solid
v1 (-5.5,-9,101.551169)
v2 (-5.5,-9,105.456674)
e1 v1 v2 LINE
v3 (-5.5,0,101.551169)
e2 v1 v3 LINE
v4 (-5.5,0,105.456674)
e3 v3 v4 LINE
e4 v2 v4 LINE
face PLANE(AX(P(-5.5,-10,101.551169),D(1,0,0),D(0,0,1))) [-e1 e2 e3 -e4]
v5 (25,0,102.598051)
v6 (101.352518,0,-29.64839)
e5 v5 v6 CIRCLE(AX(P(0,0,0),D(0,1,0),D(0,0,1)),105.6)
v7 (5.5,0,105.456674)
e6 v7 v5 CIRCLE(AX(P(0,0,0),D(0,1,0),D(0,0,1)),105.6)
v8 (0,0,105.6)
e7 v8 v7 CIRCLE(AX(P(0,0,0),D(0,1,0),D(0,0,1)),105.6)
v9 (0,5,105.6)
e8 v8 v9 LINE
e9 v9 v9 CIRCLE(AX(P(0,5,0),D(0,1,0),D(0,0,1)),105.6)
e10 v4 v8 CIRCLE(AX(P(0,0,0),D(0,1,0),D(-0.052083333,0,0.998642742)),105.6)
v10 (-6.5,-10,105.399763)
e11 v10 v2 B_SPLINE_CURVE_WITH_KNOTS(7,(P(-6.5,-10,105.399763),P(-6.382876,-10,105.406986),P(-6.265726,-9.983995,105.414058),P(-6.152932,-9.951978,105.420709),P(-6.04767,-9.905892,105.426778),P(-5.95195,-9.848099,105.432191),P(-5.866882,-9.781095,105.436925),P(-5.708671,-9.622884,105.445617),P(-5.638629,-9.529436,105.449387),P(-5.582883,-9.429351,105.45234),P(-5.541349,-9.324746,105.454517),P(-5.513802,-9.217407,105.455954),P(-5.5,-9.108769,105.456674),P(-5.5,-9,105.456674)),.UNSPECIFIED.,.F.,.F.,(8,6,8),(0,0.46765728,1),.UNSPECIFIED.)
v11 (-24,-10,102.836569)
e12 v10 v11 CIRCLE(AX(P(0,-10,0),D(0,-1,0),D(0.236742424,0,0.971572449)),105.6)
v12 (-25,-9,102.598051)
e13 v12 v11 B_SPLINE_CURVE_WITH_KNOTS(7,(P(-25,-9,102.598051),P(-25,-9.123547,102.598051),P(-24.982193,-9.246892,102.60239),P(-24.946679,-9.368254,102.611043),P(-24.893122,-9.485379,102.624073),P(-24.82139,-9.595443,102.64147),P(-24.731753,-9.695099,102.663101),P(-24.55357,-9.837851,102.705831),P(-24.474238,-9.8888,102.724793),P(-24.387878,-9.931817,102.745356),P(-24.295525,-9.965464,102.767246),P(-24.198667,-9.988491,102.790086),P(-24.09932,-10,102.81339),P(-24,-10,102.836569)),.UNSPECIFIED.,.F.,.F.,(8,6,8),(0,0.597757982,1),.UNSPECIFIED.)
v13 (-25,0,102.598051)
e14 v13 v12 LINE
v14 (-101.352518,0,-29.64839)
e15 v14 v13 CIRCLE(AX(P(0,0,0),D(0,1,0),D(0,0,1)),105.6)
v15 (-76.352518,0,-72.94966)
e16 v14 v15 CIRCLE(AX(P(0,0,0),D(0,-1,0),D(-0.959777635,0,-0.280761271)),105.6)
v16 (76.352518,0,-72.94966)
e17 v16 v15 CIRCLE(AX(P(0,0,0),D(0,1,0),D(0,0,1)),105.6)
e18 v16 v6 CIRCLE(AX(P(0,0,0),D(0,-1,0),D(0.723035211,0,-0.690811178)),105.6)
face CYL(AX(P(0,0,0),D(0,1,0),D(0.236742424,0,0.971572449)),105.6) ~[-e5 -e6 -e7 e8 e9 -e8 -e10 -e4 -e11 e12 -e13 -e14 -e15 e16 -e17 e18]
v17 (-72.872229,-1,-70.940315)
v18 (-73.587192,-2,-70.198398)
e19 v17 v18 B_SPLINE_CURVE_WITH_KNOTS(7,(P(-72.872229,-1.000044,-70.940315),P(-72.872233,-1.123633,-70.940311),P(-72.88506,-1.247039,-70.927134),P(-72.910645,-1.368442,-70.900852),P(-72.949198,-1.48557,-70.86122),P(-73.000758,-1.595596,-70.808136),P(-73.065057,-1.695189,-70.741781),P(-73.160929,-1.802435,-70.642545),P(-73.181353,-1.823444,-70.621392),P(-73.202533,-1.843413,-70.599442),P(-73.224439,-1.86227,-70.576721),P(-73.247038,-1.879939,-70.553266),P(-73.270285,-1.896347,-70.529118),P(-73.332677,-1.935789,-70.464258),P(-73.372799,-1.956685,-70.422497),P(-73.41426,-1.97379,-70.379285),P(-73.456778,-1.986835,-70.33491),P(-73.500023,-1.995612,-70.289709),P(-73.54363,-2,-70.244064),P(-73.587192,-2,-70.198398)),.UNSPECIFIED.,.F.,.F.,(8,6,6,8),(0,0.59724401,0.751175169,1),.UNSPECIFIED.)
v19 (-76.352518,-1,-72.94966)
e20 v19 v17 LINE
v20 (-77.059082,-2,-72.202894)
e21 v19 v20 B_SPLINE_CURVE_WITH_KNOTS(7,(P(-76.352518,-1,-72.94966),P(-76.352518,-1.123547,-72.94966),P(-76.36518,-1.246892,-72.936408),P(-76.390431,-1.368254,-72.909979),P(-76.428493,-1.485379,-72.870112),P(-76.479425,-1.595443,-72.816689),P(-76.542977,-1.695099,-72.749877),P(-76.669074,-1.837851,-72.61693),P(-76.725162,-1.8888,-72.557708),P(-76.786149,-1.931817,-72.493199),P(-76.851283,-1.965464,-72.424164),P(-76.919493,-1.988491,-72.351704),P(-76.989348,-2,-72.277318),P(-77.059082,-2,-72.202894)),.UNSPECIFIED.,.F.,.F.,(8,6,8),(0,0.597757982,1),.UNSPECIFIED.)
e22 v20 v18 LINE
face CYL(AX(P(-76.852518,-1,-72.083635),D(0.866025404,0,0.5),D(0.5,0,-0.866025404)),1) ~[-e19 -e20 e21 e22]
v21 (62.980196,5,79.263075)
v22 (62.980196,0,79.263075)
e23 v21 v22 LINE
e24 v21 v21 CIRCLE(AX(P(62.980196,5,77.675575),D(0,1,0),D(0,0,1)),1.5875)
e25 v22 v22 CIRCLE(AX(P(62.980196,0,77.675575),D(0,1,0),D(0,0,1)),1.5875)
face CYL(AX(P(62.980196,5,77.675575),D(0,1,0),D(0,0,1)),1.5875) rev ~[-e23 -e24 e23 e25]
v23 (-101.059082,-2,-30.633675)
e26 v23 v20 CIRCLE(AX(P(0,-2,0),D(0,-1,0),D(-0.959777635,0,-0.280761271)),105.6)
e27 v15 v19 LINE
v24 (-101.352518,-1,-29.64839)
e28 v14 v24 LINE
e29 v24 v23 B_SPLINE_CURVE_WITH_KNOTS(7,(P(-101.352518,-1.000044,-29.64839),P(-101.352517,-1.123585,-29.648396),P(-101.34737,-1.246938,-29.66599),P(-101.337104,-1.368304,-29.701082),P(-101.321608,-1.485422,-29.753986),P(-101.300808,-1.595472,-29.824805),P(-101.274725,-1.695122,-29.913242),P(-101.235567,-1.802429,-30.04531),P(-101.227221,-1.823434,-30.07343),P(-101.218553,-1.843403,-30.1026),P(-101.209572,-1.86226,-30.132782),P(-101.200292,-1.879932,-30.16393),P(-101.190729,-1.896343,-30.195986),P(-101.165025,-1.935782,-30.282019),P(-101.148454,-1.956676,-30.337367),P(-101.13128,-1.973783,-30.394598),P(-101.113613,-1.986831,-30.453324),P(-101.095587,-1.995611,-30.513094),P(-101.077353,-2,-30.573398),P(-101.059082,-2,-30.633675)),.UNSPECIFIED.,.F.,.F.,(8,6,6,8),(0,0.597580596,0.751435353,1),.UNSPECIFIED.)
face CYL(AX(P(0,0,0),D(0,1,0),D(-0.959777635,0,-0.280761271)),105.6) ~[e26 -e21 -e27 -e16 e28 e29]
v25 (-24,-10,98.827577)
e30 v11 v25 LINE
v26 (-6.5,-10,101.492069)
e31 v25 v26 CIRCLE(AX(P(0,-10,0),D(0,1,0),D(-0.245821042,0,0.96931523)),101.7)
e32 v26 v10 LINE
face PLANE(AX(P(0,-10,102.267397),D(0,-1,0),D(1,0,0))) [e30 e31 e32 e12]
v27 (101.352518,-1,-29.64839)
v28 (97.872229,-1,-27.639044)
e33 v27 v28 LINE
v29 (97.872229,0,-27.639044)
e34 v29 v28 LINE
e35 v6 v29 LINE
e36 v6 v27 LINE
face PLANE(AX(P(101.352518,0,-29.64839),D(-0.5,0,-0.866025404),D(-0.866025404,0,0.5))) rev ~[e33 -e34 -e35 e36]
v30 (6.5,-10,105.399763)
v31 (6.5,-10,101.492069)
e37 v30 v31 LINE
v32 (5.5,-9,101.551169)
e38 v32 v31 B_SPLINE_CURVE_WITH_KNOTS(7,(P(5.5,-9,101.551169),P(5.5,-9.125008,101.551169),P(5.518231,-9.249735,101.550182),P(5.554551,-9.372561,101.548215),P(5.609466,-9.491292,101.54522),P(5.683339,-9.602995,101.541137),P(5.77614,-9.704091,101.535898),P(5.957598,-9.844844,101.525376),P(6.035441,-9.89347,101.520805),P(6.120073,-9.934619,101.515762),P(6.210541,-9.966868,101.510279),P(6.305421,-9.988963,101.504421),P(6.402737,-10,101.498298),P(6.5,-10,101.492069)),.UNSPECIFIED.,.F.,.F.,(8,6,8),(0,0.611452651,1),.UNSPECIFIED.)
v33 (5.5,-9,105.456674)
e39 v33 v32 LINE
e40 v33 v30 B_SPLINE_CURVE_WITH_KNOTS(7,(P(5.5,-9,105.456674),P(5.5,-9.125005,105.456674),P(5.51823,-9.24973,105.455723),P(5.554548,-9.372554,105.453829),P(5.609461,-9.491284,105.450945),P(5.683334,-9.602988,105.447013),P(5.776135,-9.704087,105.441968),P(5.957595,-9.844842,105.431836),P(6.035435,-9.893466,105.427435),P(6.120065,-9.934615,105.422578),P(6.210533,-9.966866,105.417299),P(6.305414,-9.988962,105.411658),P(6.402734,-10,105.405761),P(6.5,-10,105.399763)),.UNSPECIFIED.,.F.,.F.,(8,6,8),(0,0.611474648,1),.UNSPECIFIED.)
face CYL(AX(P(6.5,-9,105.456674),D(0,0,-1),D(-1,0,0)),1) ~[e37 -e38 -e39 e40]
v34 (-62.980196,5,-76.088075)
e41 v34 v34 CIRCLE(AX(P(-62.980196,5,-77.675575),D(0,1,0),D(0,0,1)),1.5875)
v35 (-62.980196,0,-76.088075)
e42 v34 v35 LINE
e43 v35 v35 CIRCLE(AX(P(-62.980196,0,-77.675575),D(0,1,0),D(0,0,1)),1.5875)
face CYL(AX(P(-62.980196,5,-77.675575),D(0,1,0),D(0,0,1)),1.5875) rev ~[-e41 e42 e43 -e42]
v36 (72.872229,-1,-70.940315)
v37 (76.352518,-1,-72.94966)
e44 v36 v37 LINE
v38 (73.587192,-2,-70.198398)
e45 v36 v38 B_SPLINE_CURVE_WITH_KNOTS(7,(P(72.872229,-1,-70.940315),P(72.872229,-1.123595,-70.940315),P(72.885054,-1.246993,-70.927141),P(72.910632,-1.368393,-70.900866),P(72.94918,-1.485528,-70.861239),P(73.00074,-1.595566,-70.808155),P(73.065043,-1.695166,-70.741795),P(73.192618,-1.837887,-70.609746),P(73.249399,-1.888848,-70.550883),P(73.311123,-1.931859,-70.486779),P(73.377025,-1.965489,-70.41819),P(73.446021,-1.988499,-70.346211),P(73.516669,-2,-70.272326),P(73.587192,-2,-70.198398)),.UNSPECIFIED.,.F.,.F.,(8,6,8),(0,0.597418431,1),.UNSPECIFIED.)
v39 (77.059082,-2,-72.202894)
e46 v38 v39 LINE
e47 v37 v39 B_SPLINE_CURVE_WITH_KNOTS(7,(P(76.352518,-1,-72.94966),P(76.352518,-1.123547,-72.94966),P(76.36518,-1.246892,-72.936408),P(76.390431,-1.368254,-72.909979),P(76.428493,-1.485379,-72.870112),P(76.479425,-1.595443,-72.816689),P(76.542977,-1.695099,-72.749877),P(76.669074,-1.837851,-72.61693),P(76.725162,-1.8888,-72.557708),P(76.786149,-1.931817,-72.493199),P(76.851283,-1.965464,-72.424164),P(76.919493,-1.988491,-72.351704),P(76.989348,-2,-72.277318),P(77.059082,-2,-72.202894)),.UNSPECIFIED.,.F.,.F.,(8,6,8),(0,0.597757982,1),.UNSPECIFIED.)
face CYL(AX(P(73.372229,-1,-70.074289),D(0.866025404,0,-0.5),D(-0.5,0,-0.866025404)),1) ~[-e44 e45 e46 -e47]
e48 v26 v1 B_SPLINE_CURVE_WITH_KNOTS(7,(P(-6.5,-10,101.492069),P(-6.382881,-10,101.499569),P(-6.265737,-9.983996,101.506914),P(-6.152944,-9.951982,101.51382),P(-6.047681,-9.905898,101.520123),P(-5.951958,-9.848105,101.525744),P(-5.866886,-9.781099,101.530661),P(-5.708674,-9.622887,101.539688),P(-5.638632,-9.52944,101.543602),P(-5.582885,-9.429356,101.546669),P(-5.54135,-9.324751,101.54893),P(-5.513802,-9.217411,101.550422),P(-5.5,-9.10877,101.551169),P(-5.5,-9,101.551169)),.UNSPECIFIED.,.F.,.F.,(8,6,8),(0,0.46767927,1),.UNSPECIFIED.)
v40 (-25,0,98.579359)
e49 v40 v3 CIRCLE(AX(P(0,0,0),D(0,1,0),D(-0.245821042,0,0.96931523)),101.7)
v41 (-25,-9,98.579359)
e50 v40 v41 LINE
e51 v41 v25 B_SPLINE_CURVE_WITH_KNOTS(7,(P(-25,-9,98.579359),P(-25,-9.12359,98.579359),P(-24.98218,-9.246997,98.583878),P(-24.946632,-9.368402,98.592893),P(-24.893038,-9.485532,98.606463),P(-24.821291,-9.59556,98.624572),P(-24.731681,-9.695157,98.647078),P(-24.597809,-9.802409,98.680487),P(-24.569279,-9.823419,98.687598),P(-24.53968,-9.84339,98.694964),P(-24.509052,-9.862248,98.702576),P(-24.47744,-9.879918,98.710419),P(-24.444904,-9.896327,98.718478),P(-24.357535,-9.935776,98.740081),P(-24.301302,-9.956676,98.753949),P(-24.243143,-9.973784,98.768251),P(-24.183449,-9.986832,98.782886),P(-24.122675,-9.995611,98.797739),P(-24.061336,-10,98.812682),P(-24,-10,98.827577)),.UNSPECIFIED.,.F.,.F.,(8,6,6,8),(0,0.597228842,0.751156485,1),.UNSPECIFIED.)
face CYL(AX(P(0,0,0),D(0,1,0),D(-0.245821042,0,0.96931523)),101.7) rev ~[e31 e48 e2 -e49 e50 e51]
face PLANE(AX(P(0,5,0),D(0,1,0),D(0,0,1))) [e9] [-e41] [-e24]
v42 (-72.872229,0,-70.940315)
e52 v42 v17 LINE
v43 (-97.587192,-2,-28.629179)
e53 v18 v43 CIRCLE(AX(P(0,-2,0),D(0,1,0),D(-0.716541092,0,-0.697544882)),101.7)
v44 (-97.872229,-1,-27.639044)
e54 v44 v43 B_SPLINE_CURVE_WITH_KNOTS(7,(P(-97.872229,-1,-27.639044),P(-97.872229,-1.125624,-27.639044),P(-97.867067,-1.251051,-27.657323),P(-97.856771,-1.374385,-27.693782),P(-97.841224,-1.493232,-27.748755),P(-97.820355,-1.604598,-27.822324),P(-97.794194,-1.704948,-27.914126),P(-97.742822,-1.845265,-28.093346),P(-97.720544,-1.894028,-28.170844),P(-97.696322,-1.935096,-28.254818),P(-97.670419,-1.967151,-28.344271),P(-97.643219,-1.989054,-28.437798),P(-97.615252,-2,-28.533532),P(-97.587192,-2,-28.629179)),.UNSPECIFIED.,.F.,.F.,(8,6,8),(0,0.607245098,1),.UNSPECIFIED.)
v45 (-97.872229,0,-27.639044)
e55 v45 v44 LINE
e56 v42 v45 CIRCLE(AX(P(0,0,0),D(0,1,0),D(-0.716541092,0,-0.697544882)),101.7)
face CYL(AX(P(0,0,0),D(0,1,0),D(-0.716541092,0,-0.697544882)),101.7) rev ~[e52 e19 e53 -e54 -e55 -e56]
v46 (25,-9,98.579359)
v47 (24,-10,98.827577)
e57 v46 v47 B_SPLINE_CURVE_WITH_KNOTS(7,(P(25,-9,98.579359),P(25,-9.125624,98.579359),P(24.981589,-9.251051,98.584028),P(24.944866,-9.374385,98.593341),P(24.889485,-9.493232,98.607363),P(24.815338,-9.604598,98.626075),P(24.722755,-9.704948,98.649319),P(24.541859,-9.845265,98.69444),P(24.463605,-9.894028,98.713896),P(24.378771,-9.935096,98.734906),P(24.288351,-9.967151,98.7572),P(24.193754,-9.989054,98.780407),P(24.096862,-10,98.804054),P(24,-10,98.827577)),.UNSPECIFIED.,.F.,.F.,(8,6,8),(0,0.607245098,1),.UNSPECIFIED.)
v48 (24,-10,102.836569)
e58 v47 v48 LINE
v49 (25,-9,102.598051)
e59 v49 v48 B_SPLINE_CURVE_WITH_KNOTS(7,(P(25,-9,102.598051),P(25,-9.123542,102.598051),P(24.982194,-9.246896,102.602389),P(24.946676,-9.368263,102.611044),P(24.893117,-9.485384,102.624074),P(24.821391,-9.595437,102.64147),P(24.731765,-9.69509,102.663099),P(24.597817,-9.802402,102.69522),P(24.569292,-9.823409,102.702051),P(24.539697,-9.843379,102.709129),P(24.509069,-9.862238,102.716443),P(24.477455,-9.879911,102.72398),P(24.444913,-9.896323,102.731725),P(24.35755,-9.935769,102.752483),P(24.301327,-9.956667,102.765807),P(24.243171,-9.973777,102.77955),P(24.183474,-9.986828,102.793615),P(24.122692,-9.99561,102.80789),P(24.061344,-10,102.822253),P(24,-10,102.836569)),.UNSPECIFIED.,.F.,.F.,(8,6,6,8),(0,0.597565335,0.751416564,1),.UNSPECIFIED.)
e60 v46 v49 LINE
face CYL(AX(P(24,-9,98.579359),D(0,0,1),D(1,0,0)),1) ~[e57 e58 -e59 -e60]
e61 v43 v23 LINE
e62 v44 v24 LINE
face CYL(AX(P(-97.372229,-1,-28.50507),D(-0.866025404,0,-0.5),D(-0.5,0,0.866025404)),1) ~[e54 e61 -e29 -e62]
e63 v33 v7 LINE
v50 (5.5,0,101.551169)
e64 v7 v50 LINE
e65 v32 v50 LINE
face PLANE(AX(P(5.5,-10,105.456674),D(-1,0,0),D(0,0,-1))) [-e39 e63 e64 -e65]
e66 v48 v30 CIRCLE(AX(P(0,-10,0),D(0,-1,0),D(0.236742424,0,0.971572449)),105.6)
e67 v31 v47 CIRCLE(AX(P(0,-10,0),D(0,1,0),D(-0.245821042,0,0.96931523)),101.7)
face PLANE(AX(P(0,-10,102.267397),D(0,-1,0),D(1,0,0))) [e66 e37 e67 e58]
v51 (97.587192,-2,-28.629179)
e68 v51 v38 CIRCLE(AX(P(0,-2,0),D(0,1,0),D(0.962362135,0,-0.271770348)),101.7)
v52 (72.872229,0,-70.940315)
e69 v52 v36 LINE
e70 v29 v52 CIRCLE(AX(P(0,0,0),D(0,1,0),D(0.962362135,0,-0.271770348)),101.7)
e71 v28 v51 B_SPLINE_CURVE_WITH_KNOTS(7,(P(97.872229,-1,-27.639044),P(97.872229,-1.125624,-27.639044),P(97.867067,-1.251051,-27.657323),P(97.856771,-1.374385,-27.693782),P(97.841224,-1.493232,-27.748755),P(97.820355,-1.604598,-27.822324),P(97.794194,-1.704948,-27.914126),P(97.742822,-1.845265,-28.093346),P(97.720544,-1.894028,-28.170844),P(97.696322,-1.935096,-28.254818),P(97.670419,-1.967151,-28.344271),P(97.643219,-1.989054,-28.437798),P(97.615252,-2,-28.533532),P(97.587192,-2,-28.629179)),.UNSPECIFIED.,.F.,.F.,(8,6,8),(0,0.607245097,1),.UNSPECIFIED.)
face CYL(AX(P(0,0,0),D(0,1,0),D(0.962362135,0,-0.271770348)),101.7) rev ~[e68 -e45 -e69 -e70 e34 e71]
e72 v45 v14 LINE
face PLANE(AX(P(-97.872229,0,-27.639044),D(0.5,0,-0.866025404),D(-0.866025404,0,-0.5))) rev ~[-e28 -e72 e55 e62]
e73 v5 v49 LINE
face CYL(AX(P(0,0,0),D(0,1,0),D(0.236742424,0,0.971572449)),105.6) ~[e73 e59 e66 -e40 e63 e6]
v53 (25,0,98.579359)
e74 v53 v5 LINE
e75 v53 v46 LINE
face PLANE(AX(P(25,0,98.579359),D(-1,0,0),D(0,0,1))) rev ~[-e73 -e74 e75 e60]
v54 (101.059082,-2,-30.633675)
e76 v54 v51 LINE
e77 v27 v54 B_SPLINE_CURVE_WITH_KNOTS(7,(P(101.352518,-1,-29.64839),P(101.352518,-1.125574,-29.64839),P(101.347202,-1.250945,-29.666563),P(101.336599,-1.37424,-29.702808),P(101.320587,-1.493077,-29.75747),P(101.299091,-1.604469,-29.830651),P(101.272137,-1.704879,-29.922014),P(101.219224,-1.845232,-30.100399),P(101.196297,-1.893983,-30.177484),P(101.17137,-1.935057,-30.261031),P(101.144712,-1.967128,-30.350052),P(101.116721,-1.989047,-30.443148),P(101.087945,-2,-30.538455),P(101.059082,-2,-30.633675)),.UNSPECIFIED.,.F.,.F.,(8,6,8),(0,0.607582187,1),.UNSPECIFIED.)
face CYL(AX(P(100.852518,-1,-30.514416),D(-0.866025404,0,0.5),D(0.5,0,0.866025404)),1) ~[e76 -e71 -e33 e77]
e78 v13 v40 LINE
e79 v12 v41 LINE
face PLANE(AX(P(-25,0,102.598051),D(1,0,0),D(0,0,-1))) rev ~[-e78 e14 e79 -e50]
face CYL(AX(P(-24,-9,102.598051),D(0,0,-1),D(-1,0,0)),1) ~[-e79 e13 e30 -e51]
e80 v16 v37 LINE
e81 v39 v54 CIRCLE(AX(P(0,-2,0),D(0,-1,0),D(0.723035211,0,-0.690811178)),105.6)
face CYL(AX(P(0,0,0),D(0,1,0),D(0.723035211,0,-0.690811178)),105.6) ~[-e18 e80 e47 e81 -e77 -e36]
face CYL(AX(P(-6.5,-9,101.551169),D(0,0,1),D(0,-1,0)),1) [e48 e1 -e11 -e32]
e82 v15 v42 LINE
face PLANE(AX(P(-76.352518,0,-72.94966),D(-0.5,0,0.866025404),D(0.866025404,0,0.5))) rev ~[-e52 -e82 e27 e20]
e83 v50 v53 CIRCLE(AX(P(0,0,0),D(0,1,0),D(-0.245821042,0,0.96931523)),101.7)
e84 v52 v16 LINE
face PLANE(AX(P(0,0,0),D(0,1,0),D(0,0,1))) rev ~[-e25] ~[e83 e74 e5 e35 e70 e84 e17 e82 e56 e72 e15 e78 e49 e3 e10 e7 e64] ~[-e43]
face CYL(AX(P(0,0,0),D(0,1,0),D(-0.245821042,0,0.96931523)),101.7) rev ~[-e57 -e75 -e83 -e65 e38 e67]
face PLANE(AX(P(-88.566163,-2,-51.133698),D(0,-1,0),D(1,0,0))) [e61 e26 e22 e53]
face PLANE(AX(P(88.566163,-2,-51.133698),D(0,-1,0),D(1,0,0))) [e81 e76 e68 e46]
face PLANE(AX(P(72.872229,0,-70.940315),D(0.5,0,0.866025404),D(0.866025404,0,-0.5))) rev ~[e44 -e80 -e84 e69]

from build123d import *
from build123d.topology import SkipClean

# Parameters (mm, degrees)
SKETCH1_R          = 105.6
EXTRUDE1_DEPTH     = 5
SKETCH2_R          = 1.5875
CUT_EXTRUDE1_DEPTH = 6
EXTRUDE2_DEPTH     = 10
CIRPATTERN1_COUNT  = 3
EXTRUDE3_DEPTH     = 10
EXTRUDE4_DEPTH     = 8
FILLET1_R          = 1


with BuildPart() as part:
    # Sketch1 → Extrude1 (new body)
    with BuildSketch(Plane(origin=(0, 0, 0), x_dir=(1, 0, 0), z_dir=(0, 1, 0))):
        with Locations(Location((0, 0, 0), (0, 0, 270))):  # turned: the seam where the file's is
            Circle(SKETCH1_R)
    extrude(amount=EXTRUDE1_DEPTH)

    # Sketch2 → Cut-Extrude1 (cut, through all)
    with BuildSketch(Plane(origin=(0, 5, 0), x_dir=(1, 0, 0), z_dir=(0, 1, 0))):
        with Locations(Location((-62.980195842, 77.675574872, 0), (0, 0, 270))):  # turned: the seam where the file's is
            Circle(SKETCH2_R)
        with Locations(Location((62.980195842, -77.675574872, 0), (0, 0, 270))):  # turned: the seam where the file's is
            Circle(SKETCH2_R)
    extrude(amount=-CUT_EXTRUDE1_DEPTH, mode=Mode.SUBTRACT)

    # Sketch3 → Extrude2 (add)
    with BuildSketch(Plane.XZ):
        with BuildLine():
            Line((-25, 102.598050664), (-25, 98.579358894))
            ThreePointArc((-25, 98.579358894), (0, 101.7), (25, 98.579358894))
            Line((25, 98.579358894), (25, 102.598050664))
            ThreePointArc((25, 102.598050664), (0, 105.6), (-25, 102.598050664))
        make_face()
    extrude2 = extrude(amount=EXTRUDE2_DEPTH)

    # CirPattern1: Extrude2 ×3 about axis
    with SkipClean():  # keep this step's faces unmerged: merging them makes the solid invalid here
        cirpattern1_axis = Axis((0, 0, 0), (0, 1, 0))
        for i in range(1, CIRPATTERN1_COUNT):
            add(extrude2.rotate(cirpattern1_axis, i * 360 / CIRPATTERN1_COUNT))

    # Sketch4 → Extrude3 (cut)
    with SkipClean():  # keep this step's faces unmerged: merging them makes the solid invalid here
        with BuildSketch(Plane.XZ.offset(10)):
            with BuildLine():
                Line((5.5, 105.456673568), (5.5, 101.551169368))
                ThreePointArc((5.5, 101.551169368), (0, 101.7), (-5.5, 101.551169368))
                Line((-5.5, 101.551169368), (-5.5, 105.456673568))
                ThreePointArc((-5.5, 105.456673568), (0, 105.6), (5.5, 105.456673568))
            make_face()
        extrude(amount=-EXTRUDE3_DEPTH, mode=Mode.SUBTRACT)

    # Sketch5 → Extrude4 (cut)
    with SkipClean():  # keep this step's faces unmerged: merging them makes the solid invalid here
        with BuildSketch(Plane.XZ.offset(10)):
            with BuildLine():
                Line((72.872229091, -70.940314542), (76.352518254, -72.949660426))
                ThreePointArc((76.352518254, -72.949660426), (91.45228264, -52.8), (101.352518254, -29.648390237))
                Line((101.352518254, -29.648390237), (97.872229091, -27.639044353))
                ThreePointArc((97.872229091, -27.639044353), (88.074783565, -50.85), (72.872229091, -70.940314542))
            make_face()
            with BuildLine():
                Line((-76.352518254, -72.949660426), (-72.872229091, -70.940314542))
                ThreePointArc((-72.872229091, -70.940314542), (-88.074783565, -50.85), (-97.872229091, -27.639044353))
                Line((-97.872229091, -27.639044353), (-101.352518254, -29.648390237))
                ThreePointArc((-101.352518254, -29.648390237), (-91.45228264, -52.8), (-76.352518254, -72.949660426))
            make_face()
        extrude(amount=-EXTRUDE4_DEPTH, mode=Mode.SUBTRACT)

    # Fillet1
    fillet1_edges = [part.edges().sort_by_distance(p)[0] for p in [
        (25, -10, 100.588704779),
        (5.5, -10, 103.503921468),
        (-5.5, -10, 103.503921468),
        (-25, -10, 100.588704779),
        (99.612373672, -2, -28.643717295),
        (74.612373672, -2, -71.944987484),
        (-74.612373672, -2, -71.944987484),
        (-99.612373672, -2, -28.643717295),
    ]]
    fillet(fillet1_edges, radius=FILLET1_R)


solid = part.part
